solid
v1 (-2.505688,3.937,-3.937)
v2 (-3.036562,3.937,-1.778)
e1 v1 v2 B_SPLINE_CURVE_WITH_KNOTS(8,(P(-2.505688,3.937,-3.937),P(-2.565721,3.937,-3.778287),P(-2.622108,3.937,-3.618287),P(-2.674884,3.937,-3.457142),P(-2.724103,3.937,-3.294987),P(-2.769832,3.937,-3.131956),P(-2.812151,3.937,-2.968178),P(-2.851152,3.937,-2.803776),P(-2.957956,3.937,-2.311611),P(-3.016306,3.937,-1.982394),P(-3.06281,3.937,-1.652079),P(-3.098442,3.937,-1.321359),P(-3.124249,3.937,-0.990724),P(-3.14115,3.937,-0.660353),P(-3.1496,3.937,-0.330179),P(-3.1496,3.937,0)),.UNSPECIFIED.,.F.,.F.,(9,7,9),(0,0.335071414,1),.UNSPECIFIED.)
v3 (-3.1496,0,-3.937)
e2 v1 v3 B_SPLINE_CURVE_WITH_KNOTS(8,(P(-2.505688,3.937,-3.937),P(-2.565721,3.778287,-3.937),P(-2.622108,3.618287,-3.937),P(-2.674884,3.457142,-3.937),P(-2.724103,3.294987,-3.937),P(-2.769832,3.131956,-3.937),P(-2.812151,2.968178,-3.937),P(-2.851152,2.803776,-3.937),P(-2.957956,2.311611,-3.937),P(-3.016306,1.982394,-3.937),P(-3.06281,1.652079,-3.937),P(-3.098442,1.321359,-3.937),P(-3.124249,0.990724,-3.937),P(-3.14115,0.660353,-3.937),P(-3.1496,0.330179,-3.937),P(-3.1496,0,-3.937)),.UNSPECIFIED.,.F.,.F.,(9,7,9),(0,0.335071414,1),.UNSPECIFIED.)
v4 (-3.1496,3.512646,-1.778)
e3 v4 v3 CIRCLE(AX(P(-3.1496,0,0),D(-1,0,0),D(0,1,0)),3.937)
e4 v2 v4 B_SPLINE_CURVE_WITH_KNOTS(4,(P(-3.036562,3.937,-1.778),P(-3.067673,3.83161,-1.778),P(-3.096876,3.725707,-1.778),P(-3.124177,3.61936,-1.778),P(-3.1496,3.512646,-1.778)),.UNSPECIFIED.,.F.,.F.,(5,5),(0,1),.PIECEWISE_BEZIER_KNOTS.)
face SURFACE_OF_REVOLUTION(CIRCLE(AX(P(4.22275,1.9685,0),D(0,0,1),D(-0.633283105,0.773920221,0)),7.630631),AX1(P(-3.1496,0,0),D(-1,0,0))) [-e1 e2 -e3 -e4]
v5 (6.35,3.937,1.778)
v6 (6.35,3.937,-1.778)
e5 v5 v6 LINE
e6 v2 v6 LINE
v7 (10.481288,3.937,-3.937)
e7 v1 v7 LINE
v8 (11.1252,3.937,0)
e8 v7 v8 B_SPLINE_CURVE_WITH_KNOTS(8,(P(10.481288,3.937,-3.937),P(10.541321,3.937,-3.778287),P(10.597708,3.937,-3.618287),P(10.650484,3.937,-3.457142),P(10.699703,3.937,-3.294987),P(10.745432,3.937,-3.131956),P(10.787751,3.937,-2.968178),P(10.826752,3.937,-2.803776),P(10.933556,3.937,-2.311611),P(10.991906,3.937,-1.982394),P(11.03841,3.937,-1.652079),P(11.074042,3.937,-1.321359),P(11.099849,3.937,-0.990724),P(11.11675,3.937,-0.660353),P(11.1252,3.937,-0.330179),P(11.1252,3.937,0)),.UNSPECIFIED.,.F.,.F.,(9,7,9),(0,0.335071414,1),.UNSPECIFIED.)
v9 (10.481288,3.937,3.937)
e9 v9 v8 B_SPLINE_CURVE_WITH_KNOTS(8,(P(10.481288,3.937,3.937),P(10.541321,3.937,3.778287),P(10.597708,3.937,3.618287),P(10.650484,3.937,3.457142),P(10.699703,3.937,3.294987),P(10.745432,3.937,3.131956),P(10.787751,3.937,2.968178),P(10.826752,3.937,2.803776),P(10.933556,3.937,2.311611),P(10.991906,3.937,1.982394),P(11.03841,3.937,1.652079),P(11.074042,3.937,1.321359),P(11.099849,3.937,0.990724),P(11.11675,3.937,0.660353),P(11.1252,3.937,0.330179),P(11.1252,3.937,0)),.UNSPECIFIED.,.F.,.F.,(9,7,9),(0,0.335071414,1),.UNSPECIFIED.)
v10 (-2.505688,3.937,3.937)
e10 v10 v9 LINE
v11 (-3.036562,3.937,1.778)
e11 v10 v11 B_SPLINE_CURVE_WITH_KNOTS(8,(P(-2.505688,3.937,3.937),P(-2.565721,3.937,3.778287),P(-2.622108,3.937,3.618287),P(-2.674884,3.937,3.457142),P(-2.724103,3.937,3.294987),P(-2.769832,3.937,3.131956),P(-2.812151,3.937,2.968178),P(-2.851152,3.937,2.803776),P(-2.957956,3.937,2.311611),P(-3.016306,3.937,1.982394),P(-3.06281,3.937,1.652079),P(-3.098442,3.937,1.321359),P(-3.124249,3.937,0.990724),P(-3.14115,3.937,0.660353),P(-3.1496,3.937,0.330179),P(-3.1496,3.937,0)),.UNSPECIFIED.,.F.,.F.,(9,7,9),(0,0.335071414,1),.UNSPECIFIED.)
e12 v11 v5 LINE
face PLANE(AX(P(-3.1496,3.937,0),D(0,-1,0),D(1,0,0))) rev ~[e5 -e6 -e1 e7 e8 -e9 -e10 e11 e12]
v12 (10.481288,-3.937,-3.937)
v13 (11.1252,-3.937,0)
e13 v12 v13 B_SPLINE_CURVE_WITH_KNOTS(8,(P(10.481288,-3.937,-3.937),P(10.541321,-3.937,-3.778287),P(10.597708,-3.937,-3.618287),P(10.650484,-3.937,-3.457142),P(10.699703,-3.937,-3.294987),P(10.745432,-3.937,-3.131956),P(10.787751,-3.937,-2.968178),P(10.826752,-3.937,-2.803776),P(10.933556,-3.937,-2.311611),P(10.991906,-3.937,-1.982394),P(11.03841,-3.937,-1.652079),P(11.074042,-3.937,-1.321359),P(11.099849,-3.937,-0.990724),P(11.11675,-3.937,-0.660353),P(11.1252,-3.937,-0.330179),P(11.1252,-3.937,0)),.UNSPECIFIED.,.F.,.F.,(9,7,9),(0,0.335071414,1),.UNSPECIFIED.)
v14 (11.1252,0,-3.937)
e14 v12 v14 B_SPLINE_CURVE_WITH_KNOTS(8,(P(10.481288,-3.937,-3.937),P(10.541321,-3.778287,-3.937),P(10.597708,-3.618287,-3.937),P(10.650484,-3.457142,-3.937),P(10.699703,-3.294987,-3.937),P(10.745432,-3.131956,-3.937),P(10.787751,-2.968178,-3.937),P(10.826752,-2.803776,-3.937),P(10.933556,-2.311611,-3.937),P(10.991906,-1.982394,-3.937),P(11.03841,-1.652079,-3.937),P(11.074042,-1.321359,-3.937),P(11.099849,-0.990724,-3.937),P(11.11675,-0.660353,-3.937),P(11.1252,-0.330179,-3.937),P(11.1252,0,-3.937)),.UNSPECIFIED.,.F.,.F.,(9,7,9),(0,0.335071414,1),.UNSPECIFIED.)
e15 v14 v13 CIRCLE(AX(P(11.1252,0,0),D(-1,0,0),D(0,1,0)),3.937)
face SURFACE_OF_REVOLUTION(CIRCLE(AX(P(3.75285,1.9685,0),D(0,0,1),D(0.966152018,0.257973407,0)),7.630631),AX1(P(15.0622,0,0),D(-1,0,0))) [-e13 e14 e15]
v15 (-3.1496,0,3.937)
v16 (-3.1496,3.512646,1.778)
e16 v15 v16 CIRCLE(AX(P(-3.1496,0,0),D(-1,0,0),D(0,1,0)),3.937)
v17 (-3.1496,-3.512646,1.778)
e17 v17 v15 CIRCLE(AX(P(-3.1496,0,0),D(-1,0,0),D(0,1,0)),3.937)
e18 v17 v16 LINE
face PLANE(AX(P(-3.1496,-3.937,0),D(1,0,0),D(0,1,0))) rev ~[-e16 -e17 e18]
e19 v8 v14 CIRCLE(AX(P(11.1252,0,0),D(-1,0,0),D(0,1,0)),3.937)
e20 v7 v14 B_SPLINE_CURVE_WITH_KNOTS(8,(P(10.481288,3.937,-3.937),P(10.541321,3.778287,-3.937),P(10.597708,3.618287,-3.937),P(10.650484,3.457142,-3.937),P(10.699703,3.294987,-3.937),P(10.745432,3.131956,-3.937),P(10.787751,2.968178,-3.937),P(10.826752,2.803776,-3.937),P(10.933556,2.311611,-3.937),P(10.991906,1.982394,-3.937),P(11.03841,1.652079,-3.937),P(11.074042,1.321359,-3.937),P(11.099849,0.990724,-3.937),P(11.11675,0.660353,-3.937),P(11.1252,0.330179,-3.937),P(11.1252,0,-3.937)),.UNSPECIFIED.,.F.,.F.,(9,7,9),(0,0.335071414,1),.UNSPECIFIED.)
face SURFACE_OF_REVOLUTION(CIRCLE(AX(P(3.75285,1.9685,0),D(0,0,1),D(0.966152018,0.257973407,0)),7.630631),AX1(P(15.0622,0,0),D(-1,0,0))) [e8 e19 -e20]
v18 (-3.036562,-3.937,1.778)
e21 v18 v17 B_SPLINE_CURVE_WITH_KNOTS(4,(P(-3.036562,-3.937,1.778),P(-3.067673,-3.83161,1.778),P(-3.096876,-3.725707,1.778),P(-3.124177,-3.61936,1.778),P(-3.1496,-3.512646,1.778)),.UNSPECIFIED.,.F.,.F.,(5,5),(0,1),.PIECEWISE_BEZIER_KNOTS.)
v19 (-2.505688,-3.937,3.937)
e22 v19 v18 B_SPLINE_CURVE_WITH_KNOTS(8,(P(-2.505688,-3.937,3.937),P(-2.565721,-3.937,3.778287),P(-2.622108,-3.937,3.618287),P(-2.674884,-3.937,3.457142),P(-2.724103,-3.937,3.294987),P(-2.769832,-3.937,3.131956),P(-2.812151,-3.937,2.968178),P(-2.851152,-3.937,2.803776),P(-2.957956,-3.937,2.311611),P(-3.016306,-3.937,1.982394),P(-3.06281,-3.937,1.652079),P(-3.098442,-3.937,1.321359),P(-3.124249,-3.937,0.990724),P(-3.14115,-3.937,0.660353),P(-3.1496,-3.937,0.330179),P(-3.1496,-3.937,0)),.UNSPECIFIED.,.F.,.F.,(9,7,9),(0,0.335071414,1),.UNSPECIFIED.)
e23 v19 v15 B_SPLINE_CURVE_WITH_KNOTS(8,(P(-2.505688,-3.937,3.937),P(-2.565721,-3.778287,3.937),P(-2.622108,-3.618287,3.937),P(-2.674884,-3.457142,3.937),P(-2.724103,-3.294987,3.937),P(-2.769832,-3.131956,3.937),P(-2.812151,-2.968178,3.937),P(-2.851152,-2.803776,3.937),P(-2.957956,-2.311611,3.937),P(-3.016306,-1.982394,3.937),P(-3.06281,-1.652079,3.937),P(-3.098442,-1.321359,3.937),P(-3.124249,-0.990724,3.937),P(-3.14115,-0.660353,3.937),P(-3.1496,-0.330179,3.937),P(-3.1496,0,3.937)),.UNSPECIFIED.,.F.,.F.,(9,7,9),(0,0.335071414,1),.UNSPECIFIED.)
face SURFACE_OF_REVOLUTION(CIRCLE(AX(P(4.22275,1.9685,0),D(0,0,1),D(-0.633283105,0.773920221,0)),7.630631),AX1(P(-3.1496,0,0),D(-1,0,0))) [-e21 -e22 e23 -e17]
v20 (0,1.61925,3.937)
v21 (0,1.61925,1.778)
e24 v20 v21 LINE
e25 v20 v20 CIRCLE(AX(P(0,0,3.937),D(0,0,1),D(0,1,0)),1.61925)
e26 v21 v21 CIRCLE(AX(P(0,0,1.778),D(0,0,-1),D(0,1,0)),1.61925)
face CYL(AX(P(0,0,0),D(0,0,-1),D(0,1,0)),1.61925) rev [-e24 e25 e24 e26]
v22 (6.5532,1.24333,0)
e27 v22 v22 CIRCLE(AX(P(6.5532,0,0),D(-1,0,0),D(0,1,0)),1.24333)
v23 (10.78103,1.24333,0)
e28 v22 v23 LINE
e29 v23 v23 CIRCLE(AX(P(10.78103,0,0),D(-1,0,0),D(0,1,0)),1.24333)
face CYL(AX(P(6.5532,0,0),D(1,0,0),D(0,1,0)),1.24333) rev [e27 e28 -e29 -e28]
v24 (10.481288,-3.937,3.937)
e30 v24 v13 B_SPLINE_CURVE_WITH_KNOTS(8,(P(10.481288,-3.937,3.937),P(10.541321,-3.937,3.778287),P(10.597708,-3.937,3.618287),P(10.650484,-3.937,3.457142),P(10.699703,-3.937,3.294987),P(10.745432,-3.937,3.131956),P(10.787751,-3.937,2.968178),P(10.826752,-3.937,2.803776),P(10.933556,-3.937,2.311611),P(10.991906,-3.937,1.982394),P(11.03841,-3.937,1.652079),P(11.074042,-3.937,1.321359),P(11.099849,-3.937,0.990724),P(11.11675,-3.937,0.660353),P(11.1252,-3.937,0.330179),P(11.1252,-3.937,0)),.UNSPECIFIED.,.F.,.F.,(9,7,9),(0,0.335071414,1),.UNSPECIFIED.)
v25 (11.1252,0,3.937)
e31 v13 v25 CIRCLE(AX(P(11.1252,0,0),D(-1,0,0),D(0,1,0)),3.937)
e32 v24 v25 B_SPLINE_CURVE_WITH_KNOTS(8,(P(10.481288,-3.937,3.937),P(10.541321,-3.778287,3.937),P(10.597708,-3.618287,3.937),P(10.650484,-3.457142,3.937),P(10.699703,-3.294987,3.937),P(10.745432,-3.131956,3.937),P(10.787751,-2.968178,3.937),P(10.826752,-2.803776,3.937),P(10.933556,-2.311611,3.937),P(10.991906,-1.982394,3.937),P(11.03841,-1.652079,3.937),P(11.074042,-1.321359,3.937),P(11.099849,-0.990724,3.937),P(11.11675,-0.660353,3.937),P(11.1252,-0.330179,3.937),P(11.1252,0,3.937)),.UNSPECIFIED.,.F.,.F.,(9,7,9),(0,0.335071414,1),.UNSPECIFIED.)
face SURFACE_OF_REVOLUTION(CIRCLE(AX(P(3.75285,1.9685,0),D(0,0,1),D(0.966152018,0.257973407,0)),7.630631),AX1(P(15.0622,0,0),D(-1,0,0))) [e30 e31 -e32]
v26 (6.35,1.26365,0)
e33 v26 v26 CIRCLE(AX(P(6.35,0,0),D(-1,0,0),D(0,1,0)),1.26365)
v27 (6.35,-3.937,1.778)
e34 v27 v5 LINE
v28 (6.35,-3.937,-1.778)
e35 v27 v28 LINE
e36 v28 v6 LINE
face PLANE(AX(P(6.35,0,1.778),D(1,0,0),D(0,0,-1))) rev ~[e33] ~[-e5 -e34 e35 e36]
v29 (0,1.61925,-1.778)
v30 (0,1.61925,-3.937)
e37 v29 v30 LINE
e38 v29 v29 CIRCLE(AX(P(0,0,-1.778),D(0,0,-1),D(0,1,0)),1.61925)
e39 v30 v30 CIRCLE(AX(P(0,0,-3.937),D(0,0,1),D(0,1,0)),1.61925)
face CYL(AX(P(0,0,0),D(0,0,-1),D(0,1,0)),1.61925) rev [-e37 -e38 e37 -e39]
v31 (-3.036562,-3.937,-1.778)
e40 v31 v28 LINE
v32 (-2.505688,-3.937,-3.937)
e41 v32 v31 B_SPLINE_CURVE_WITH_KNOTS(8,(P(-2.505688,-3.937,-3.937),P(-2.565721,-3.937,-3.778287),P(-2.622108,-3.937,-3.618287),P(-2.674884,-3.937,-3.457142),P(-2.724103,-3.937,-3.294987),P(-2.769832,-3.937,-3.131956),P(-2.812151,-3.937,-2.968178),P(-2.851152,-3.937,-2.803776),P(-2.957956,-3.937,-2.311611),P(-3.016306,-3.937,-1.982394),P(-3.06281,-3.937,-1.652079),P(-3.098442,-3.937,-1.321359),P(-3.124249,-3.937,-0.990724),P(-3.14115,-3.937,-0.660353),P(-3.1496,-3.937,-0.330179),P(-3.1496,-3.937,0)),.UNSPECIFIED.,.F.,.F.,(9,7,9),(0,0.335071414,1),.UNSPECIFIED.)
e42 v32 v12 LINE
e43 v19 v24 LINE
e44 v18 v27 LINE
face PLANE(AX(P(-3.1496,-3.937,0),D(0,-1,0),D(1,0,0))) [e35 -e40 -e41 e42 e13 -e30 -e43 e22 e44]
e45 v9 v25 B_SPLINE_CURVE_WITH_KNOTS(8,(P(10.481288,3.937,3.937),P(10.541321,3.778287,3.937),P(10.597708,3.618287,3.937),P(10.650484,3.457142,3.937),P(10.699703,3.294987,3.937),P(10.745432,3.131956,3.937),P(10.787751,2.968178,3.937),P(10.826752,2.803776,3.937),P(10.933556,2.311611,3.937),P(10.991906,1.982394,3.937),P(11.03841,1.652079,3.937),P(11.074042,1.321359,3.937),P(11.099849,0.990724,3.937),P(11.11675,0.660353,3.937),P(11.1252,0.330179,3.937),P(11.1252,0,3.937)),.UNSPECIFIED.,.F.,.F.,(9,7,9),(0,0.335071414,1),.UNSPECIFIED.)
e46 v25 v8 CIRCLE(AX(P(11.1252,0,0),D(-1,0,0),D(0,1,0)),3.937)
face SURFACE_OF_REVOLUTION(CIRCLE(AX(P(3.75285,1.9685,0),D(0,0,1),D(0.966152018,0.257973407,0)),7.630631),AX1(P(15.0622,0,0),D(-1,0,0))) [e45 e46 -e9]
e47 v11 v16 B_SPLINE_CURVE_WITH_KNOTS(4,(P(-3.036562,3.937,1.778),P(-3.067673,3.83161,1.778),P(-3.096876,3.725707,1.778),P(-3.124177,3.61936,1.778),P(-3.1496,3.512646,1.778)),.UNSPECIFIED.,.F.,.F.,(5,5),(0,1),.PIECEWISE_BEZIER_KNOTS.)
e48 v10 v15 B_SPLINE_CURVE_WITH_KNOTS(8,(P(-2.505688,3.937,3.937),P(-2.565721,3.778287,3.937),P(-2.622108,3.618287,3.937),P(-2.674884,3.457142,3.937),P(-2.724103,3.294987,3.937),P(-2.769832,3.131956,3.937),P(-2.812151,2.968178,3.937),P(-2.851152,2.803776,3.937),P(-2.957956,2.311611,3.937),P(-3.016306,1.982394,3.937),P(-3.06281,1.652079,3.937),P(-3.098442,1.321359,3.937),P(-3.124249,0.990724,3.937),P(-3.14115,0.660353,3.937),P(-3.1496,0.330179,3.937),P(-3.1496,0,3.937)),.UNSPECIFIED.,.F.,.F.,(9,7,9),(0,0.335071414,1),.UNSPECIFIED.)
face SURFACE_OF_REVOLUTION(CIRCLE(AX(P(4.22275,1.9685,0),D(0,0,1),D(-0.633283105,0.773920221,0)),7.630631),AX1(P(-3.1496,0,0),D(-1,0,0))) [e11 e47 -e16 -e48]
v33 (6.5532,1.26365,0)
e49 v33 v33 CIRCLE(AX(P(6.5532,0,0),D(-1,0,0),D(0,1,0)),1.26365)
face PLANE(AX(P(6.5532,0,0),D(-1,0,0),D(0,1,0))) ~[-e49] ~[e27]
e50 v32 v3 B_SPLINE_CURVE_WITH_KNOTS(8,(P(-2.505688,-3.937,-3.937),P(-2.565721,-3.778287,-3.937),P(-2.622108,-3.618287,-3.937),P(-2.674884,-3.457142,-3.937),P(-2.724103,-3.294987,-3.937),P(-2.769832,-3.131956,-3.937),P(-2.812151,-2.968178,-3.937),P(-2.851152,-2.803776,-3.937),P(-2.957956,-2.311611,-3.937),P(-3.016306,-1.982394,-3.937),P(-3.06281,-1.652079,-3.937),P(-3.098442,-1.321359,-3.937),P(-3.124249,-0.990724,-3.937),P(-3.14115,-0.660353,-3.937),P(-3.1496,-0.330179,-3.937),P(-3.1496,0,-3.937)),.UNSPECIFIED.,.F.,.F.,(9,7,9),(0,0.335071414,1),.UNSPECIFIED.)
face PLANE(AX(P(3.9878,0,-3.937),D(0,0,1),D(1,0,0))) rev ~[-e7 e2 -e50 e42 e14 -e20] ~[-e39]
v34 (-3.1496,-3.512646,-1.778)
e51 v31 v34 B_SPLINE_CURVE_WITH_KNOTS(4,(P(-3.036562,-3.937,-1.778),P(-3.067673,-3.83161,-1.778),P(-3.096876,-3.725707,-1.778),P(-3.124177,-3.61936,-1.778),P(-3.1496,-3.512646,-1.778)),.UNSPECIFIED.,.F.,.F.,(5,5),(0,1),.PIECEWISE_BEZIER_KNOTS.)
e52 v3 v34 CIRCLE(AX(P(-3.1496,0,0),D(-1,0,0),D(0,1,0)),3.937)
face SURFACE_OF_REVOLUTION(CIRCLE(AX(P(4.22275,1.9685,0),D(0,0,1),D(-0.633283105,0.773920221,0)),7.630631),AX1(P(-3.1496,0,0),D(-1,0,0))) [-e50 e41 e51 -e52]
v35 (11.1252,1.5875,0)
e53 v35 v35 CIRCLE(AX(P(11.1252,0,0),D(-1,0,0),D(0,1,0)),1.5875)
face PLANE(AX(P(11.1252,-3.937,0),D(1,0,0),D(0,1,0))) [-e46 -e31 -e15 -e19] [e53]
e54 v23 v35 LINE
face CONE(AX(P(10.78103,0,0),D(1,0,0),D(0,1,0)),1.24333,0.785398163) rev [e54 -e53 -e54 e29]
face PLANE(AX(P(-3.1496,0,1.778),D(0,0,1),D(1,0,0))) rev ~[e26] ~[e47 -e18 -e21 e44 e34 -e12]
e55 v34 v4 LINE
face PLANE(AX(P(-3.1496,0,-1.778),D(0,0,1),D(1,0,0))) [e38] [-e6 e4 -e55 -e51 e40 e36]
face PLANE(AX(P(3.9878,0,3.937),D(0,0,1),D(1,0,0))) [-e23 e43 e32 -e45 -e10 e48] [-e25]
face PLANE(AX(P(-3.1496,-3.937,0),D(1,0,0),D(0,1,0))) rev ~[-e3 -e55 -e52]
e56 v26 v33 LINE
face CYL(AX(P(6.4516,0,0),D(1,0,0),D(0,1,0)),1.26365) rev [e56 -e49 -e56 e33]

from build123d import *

# Parameters (mm, degrees)
BOSS_EXTRUDE1_DEPTH      = 3.937
BOSS_EXTRUDE1_DEPTH_BACK = 3.937
SKETCH1_W                = 14.2748
SKETCH1_H                = 7.874
CUT_EXTRUDE1_DEPTH       = 3.937
CUT_EXTRUDE1_DEPTH_BACK  = 3.937
SKETCH2_W                = 9.4996
SKETCH2_H                = 3.556
SKETCH4_W                = 0.2032
SKETCH4_H                = 1.26365
SKETCH5_W                = 7.874
SKETCH5_H                = 1.61925


with BuildPart() as part:
    # Sketch1 → Boss-Extrude1 (new, two sides: drawn at the far end of the back side and taken through both)
    with BuildSketch(Plane.XY.offset(-BOSS_EXTRUDE1_DEPTH_BACK)):
        with Locations((3.9878, 0)):
            Rectangle(SKETCH1_W, SKETCH1_H)
    extrude(amount=BOSS_EXTRUDE1_DEPTH + BOSS_EXTRUDE1_DEPTH_BACK)

    # Sketch2 → Cut-Extrude1 (cut, two sides: drawn at the far end of the back side and taken through both)
    with BuildSketch(Plane(origin=(0, 0, 0), x_dir=(1, 0, 0), z_dir=(0, 1, 0)).offset(-CUT_EXTRUDE1_DEPTH_BACK)):
        with Locations((1.6002, 0)):
            Rectangle(SKETCH2_W, SKETCH2_H)
    extrude(amount=CUT_EXTRUDE1_DEPTH + CUT_EXTRUDE1_DEPTH_BACK, mode=Mode.SUBTRACT)

    # Sketch3 → Cut-Revolve1 (revolve, cut)
    with BuildSketch(Plane.XY):
        Polygon((6.5532, 0), (6.5532, 1.24333), (10.78103, 1.24333), (11.1252, 1.5875), (11.1252, 0), align=None)
    revolve(axis=Axis((11.1252, 0, 0), (-1, 0, 0)), mode=Mode.SUBTRACT)

    # Sketch4 → Cut-Revolve2 (revolve, cut)
    with BuildSketch(Plane.XY):
        with Locations((6.4516, 0.631825)):
            Rectangle(SKETCH4_W, SKETCH4_H)
    revolve(axis=Axis((6.5532, 0, 0), (-1, 0, 0)), mode=Mode.SUBTRACT)

    # Sketch5 → Cut-Revolve3 (revolve, cut)
    with BuildSketch(Plane(origin=(0, 0, 0), x_dir=(0, 0, -1), z_dir=(1, 0, 0))):
        with Locations((0, 0.809625)):
            Rectangle(SKETCH5_W, SKETCH5_H)
    revolve(axis=Axis((0, 0, -3.937), (0, 0, 1)), mode=Mode.SUBTRACT)

    # Sketch6 → Cut-Revolve4 (revolve, cut)
    with BuildSketch(Plane.XY):
        with BuildLine():
            Line((11.1252, 0), (11.1252, 3.937))
            ThreePointArc((11.1252, 3.937), (10.164844056, 6.105270359), (8.5852, 7.874))
            Line((8.5852, 7.874), (15.0622, 7.874))
            Line((15.0622, 7.874), (15.0622, 0))
            Line((15.0622, 0), (11.1252, 0))
        make_face()
    revolve(axis=Axis((15.0622, 0, 0), (-1, 0, 0)), mode=Mode.SUBTRACT)

    # Sketch7 → Cut-Revolve5 (revolve, cut)
    with BuildSketch(Plane.XY):
        with BuildLine():
            Line((-7.0866, 0), (-7.0866, 7.874))
            Line((-7.0866, 7.874), (-0.6096, 7.874))
            ThreePointArc((-0.6096, 7.874), (-2.189244056, 6.105270359), (-3.1496, 3.937))
            Line((-3.1496, 3.937), (-3.1496, 0))
            Line((-3.1496, 0), (-7.0866, 0))
        make_face()
    revolve(axis=Axis((-3.1496, 0, 0), (-1, 0, 0)), mode=Mode.SUBTRACT)


solid = part.part
